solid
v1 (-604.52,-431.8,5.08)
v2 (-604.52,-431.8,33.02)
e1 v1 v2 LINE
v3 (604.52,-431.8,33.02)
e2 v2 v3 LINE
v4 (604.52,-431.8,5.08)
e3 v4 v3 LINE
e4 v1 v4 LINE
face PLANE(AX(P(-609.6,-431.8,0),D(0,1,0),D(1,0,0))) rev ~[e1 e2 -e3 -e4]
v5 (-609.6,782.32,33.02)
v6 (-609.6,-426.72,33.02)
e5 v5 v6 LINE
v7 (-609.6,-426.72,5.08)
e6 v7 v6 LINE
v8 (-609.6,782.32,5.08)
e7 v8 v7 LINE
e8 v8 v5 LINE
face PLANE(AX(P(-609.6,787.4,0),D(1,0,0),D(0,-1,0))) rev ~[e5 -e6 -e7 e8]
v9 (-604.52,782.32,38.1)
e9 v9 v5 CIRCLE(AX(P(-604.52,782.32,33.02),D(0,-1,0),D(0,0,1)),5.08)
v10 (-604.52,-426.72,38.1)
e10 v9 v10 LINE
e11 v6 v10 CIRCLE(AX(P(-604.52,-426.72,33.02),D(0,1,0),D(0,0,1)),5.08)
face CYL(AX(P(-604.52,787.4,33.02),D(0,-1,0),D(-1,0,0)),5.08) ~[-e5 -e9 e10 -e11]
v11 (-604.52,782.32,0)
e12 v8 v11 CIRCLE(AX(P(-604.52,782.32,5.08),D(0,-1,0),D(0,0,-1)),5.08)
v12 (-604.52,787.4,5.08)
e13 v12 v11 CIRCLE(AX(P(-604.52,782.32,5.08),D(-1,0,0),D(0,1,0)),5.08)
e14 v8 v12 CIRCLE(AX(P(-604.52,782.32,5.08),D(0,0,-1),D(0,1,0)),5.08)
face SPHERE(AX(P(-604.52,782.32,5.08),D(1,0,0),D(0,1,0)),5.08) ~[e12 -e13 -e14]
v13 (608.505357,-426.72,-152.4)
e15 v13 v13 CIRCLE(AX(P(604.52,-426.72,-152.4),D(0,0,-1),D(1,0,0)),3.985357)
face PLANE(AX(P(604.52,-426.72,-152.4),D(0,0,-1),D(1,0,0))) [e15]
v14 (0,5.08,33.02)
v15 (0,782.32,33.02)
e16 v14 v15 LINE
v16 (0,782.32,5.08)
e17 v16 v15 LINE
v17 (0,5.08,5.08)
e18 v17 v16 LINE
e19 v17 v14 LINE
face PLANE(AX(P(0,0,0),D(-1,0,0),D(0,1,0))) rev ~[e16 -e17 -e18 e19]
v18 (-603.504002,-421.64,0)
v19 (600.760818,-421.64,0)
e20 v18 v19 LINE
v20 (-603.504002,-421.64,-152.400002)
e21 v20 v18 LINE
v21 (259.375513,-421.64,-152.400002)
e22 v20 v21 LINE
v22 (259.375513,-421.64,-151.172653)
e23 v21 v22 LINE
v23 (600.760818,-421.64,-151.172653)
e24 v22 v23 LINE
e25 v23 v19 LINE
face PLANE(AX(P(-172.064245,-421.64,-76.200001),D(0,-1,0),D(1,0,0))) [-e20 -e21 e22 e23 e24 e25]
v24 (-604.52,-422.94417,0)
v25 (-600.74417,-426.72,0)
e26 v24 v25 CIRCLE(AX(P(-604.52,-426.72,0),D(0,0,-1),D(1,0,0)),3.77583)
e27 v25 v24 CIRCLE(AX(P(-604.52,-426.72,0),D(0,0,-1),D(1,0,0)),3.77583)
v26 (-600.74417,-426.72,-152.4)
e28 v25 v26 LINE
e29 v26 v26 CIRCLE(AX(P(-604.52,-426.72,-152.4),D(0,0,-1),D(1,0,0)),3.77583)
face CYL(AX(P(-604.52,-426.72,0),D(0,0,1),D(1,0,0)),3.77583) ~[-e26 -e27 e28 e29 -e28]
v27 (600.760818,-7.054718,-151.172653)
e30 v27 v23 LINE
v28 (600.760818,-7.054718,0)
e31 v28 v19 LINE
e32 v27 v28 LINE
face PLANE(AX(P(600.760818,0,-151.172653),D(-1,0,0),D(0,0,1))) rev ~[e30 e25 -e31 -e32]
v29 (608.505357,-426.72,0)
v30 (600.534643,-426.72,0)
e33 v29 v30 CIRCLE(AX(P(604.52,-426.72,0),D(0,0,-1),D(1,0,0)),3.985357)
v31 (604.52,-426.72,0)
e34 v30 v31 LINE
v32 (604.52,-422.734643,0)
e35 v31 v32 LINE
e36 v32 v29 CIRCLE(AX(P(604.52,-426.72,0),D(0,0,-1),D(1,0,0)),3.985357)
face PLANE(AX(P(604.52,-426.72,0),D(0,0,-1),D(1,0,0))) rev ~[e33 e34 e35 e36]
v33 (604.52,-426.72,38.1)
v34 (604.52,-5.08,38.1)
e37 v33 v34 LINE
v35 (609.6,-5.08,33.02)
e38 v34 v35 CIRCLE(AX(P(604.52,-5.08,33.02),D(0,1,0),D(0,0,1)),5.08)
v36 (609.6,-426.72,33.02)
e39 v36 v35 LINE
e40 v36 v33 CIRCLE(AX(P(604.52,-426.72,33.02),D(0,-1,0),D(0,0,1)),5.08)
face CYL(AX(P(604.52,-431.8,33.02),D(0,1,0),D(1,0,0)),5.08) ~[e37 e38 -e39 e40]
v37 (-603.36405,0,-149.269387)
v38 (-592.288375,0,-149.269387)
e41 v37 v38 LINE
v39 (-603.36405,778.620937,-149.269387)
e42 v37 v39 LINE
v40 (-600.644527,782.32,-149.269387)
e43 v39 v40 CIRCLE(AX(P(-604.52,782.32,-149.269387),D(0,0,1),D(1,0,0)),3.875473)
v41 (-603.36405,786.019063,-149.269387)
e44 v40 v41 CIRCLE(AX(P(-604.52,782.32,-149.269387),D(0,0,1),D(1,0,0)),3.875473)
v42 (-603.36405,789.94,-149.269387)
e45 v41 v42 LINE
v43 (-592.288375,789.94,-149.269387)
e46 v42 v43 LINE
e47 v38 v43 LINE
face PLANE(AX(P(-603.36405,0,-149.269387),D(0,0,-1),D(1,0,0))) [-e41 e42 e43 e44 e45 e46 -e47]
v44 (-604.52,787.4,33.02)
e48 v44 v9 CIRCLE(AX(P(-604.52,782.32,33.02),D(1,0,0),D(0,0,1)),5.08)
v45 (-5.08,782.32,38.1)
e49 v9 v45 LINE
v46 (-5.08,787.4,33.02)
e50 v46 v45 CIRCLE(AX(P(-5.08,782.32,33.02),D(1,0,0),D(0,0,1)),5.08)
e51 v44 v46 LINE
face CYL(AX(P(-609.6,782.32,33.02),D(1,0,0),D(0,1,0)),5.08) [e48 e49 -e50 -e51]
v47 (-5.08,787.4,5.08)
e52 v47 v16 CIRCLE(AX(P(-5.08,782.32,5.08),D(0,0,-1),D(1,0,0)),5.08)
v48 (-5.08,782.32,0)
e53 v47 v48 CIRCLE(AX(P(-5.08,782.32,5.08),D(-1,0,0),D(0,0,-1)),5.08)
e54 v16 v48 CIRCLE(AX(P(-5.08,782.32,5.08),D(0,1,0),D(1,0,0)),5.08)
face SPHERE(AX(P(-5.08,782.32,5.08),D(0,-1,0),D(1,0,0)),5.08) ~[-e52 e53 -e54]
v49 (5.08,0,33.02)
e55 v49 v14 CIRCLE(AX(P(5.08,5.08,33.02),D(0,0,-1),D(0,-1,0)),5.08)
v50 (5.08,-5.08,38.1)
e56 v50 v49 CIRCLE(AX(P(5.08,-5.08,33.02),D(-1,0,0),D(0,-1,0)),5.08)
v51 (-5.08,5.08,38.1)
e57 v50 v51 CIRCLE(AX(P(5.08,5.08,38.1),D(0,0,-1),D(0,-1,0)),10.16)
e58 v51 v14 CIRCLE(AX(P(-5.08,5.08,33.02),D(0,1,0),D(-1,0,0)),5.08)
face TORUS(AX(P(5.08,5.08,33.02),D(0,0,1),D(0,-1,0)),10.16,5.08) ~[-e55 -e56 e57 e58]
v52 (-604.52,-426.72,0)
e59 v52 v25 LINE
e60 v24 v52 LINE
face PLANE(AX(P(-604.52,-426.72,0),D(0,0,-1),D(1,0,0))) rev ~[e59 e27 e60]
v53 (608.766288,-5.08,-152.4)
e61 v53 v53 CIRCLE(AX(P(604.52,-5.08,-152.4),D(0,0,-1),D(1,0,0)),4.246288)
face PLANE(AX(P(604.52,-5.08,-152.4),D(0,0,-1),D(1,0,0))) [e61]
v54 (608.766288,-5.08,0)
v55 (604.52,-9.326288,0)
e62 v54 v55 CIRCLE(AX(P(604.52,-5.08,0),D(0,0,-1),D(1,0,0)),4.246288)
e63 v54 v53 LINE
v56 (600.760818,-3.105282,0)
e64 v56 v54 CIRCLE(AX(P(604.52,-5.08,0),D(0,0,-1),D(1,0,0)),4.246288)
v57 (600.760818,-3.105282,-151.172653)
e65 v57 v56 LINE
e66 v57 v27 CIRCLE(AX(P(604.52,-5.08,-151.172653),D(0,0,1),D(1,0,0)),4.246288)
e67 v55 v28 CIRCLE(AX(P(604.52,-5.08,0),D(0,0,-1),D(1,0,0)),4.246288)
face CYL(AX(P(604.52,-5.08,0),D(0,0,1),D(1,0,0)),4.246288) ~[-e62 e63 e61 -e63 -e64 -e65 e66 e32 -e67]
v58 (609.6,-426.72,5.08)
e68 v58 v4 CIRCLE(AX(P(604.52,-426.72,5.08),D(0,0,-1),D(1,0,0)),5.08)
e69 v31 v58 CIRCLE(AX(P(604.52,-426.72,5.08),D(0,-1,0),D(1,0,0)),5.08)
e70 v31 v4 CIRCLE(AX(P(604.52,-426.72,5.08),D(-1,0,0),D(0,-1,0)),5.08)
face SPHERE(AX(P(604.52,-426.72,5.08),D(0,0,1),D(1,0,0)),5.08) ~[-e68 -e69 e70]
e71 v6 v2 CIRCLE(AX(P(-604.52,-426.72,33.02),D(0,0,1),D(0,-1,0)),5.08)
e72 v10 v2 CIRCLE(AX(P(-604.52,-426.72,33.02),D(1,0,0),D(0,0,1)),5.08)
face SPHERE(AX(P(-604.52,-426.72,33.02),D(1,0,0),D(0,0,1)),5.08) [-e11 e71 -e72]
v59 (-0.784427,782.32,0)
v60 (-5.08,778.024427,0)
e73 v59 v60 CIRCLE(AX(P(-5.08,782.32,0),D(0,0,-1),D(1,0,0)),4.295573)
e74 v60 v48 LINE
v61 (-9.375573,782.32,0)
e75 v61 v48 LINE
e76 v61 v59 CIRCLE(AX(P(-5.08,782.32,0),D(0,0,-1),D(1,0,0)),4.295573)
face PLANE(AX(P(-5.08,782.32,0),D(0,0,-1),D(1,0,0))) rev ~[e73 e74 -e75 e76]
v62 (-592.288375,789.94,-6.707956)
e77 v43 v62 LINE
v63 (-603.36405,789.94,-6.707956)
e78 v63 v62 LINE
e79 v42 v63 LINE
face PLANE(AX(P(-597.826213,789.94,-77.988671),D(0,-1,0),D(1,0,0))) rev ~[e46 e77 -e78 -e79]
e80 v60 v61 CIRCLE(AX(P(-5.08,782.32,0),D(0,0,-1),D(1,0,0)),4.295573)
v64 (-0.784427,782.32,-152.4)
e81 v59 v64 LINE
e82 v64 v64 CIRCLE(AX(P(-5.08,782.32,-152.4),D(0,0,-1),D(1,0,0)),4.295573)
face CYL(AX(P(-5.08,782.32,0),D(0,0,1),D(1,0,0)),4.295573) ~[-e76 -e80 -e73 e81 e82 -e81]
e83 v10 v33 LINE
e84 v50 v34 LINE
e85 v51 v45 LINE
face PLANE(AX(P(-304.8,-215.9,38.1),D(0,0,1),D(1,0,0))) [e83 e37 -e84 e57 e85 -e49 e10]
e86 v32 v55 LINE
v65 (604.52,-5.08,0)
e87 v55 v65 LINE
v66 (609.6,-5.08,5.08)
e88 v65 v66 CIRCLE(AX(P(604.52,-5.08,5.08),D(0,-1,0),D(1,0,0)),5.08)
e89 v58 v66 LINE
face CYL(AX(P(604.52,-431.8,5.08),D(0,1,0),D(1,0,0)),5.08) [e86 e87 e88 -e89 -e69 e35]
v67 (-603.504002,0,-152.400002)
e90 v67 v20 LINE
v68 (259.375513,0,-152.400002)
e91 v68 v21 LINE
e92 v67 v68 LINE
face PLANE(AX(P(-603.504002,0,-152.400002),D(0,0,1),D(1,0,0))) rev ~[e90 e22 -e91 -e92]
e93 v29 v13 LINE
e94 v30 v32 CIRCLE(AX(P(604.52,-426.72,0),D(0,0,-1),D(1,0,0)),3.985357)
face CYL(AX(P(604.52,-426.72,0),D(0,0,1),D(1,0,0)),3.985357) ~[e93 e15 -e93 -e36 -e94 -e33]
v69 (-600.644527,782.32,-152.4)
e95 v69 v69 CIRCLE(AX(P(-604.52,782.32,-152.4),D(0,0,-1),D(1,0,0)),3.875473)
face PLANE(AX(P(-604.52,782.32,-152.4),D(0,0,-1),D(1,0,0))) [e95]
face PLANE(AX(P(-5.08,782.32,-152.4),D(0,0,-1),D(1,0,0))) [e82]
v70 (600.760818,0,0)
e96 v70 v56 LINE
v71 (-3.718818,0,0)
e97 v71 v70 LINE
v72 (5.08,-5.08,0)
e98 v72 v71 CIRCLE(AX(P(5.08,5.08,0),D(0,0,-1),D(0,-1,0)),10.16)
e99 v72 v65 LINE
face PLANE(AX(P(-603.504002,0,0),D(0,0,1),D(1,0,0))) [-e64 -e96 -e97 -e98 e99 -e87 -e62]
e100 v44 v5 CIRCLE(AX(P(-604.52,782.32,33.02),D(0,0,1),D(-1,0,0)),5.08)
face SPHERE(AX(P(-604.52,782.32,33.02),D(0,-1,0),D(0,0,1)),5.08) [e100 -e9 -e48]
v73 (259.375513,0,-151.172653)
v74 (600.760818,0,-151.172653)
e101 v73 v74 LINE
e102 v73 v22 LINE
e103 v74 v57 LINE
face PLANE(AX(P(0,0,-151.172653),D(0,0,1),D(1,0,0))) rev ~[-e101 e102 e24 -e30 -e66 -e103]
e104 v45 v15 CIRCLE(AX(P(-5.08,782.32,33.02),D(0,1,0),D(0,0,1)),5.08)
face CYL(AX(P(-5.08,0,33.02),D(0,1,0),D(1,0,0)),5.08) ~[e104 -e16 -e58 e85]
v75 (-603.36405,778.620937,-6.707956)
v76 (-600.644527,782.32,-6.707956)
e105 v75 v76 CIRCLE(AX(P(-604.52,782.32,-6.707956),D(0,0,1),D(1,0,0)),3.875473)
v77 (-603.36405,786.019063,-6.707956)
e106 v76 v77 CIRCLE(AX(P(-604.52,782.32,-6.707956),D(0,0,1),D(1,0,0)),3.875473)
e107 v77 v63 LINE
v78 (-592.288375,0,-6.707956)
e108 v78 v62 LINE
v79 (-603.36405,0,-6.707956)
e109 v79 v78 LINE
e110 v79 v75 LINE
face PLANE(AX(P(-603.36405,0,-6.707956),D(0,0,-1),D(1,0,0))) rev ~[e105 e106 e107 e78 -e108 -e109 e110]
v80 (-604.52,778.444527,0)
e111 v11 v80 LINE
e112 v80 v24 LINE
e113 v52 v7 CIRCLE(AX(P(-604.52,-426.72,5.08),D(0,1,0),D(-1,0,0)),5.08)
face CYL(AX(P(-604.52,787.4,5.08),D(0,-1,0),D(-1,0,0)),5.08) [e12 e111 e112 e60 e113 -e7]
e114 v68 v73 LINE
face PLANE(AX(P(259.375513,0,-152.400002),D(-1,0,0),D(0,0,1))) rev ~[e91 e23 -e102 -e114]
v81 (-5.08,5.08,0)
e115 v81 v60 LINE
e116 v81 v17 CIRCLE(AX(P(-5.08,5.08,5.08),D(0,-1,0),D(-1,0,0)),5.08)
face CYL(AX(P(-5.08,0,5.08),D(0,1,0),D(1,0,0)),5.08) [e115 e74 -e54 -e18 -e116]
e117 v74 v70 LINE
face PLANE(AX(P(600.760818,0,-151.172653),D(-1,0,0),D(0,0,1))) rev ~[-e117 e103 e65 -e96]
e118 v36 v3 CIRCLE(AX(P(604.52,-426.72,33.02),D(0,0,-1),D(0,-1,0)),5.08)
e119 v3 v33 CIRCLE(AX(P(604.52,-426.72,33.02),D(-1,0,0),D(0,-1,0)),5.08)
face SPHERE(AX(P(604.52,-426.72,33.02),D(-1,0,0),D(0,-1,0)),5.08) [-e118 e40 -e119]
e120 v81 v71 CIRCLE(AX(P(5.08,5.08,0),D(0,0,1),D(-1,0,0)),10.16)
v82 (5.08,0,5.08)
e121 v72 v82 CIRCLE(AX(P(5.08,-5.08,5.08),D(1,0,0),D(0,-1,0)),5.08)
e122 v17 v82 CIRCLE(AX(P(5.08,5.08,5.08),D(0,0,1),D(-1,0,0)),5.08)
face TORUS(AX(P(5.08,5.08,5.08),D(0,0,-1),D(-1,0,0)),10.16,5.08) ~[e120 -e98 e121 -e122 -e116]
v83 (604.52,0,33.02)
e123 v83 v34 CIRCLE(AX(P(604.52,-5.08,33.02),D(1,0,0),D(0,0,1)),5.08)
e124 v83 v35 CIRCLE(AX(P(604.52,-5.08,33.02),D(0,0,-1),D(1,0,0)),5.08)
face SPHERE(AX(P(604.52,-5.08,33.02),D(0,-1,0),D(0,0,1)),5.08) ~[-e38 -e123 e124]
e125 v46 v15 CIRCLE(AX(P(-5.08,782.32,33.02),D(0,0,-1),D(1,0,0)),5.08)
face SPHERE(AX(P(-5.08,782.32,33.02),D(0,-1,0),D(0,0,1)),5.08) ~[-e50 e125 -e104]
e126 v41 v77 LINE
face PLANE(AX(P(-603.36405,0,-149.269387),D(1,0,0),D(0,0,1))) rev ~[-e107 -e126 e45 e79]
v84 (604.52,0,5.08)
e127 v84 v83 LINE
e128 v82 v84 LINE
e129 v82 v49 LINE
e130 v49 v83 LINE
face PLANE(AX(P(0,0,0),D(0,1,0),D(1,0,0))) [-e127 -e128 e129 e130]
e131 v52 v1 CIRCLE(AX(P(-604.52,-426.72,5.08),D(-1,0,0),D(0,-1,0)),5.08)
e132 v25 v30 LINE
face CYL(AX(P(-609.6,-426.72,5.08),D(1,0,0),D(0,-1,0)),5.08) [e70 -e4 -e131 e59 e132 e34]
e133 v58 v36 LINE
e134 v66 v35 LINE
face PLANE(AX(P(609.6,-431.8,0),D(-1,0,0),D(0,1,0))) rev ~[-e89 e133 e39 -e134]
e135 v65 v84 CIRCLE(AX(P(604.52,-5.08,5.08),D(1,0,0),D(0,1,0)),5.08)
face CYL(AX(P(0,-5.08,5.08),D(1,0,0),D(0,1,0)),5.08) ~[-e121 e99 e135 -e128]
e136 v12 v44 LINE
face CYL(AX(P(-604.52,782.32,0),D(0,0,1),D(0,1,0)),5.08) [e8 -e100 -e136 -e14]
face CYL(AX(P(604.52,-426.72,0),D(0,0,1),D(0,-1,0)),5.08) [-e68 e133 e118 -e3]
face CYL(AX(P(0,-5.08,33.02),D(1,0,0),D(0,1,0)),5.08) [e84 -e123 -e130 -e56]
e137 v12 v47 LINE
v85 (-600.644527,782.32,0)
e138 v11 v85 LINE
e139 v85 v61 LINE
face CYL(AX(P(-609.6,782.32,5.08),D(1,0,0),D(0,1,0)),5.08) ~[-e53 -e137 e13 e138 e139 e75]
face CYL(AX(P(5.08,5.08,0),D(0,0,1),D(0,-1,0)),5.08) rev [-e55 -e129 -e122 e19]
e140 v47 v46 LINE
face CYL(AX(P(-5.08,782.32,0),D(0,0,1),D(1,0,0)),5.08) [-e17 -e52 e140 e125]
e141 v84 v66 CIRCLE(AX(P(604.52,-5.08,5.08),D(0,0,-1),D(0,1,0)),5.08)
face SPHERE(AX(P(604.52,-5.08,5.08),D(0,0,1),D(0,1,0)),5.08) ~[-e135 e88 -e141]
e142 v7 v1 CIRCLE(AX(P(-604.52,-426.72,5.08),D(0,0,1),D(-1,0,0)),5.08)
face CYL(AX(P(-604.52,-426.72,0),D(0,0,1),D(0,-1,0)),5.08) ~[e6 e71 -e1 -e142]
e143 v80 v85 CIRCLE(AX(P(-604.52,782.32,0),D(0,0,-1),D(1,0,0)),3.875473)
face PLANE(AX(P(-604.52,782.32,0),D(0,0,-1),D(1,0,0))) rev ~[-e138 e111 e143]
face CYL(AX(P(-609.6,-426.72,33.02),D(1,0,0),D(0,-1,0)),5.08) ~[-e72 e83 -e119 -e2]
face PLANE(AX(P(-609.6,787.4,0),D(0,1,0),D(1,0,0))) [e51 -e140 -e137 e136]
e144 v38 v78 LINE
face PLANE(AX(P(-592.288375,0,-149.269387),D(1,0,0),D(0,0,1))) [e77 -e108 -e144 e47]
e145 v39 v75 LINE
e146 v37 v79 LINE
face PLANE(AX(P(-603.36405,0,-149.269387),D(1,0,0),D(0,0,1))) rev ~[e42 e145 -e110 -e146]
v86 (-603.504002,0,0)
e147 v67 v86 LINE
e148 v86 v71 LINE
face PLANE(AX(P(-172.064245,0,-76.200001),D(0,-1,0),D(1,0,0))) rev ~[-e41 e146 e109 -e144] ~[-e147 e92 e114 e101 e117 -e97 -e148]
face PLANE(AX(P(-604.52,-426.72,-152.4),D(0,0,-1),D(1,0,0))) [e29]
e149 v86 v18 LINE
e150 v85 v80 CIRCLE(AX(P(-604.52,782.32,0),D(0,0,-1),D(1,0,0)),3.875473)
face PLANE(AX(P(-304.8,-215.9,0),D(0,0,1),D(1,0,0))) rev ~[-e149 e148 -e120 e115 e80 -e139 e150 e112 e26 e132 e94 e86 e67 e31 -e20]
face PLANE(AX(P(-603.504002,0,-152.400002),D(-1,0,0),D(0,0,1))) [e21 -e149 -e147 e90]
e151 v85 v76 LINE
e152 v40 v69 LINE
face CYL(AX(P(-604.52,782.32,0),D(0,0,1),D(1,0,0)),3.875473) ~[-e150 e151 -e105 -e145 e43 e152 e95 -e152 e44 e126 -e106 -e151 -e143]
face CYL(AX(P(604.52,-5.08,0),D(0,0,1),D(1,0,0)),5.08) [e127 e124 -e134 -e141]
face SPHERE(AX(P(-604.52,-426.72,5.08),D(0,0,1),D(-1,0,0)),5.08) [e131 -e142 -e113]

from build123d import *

# Parameters (mm, degrees)
F0_W      = 609.6
F0_H      = 431.8
F0_H_2    = 787.4
F1_DEPTH  = 38.1
F2_R      = 5.08
F3_R      = 3.875472852
F4_DEPTH  = 152.4
F5_R      = 3.7758304199
F6_DEPTH  = 152.4
F7_R      = 3.9853573506
F8_DEPTH  = 152.4
F9_R      = 4.2462881123
F10_DEPTH = 152.4
F11_R     = 4.2955728054
F12_DEPTH = 152.4
F13_W     = 600.7608175278
F13_H     = 151.1726528406
F15_DEPTH = 421.64
F14_W     = 862.8795146942
F14_H     = 152.4000018835
F16_DEPTH = 421.64
F17_W     = 11.0756754875
F17_H     = 142.5614315085
F18_DEPTH = 789.94


with BuildPart() as f1:
    # F0 (on Top) → F1 (new body)
    with BuildSketch(Plane.XY):
        with Locations((-304.8, -215.9)):
            Rectangle(F0_W, F0_H)
        with Locations((-304.8, 393.7)):
            Rectangle(F0_W, F0_H_2)
        with Locations((304.8, -215.9)):
            Rectangle(F0_W, F0_H)
    extrude(amount=F1_DEPTH)

    # F2
    f2_edges = [f1.edges().sort_by_distance(p)[0] for p in [
        (0, -431.8, 38.1),
        (609.6, -431.8, 19.05),
        (609.6, -215.9, 38.1),
        (304.8, 0, 38.1),
        (0, 393.7, 38.1),
        (-609.6, 177.8, 38.1),
        (-304.8, 787.4, 38.1),
        (0, 393.7, 0),
        (609.6, 0, 19.05),
        (304.8, 0, 0),
        (0, 0, 19.05),
        (609.6, -215.9, 0),
        (0, 787.4, 19.05),
        (-304.8, 787.4, 0),
        (-609.6, 787.4, 19.05),
        (-609.6, -431.8, 19.05),
        (-609.6, 177.8, 0),
        (0, -431.8, 0),
    ]]
    fillet(f2_edges, radius=F2_R)

    # F3 (on face) → F4 (join)
    with BuildSketch(Plane(origin=(0, 0, 0), x_dir=(1, 0, 0), z_dir=(0, 0, -1))):
        with Locations((-604.52, -782.32)):
            Circle(F3_R)
    extrude(amount=F4_DEPTH)

    # F5 (on face) → F6 (join)
    with BuildSketch(Plane(origin=(0, 0, 0), x_dir=(1, 0, 0), z_dir=(0, 0, -1))):
        with Locations((-604.52, 426.72)):
            Circle(F5_R)
    extrude(amount=F6_DEPTH)

    # F7 (on face) → F8 (join)
    with BuildSketch(Plane(origin=(0, 0, 0), x_dir=(1, 0, 0), z_dir=(0, 0, -1))):
        with Locations((604.52, 426.72)):
            Circle(F7_R)
    extrude(amount=F8_DEPTH)

    # F9 (on face) → F10 (join)
    with BuildSketch(Plane(origin=(0, 0, 0), x_dir=(1, 0, 0), z_dir=(0, 0, -1))):
        with Locations((604.52, 5.08)):
            Circle(F9_R)
    extrude(amount=F10_DEPTH)

    # F11 (on face) → F12 (join)
    with BuildSketch(Plane(origin=(0, 0, 0), x_dir=(1, 0, 0), z_dir=(0, 0, -1))):
        with Locations((-5.08, -782.32)):
            Circle(F11_R)
    extrude(amount=F12_DEPTH)

    # F13 (on Front) → F15 (join)
    with BuildSketch(Plane.XZ):
        with Locations((300.3804087639, -75.5863264203)):
            Rectangle(F13_W, F13_H)
    extrude(amount=F15_DEPTH)

    # F14 (on Front) → F16 (join)
    with BuildSketch(Plane.XZ):
        with Locations((-172.0642447472, -76.2000009418)):
            Rectangle(F14_W, F14_H)
    extrude(amount=F16_DEPTH)

    # F17 (on Front) → F18 (join)
    with BuildSketch(Plane.XZ):
        with Locations((-597.8262126446, -77.9886713717)):
            Rectangle(F17_W, F17_H)
    extrude(amount=-F18_DEPTH)


solid = f1.part
